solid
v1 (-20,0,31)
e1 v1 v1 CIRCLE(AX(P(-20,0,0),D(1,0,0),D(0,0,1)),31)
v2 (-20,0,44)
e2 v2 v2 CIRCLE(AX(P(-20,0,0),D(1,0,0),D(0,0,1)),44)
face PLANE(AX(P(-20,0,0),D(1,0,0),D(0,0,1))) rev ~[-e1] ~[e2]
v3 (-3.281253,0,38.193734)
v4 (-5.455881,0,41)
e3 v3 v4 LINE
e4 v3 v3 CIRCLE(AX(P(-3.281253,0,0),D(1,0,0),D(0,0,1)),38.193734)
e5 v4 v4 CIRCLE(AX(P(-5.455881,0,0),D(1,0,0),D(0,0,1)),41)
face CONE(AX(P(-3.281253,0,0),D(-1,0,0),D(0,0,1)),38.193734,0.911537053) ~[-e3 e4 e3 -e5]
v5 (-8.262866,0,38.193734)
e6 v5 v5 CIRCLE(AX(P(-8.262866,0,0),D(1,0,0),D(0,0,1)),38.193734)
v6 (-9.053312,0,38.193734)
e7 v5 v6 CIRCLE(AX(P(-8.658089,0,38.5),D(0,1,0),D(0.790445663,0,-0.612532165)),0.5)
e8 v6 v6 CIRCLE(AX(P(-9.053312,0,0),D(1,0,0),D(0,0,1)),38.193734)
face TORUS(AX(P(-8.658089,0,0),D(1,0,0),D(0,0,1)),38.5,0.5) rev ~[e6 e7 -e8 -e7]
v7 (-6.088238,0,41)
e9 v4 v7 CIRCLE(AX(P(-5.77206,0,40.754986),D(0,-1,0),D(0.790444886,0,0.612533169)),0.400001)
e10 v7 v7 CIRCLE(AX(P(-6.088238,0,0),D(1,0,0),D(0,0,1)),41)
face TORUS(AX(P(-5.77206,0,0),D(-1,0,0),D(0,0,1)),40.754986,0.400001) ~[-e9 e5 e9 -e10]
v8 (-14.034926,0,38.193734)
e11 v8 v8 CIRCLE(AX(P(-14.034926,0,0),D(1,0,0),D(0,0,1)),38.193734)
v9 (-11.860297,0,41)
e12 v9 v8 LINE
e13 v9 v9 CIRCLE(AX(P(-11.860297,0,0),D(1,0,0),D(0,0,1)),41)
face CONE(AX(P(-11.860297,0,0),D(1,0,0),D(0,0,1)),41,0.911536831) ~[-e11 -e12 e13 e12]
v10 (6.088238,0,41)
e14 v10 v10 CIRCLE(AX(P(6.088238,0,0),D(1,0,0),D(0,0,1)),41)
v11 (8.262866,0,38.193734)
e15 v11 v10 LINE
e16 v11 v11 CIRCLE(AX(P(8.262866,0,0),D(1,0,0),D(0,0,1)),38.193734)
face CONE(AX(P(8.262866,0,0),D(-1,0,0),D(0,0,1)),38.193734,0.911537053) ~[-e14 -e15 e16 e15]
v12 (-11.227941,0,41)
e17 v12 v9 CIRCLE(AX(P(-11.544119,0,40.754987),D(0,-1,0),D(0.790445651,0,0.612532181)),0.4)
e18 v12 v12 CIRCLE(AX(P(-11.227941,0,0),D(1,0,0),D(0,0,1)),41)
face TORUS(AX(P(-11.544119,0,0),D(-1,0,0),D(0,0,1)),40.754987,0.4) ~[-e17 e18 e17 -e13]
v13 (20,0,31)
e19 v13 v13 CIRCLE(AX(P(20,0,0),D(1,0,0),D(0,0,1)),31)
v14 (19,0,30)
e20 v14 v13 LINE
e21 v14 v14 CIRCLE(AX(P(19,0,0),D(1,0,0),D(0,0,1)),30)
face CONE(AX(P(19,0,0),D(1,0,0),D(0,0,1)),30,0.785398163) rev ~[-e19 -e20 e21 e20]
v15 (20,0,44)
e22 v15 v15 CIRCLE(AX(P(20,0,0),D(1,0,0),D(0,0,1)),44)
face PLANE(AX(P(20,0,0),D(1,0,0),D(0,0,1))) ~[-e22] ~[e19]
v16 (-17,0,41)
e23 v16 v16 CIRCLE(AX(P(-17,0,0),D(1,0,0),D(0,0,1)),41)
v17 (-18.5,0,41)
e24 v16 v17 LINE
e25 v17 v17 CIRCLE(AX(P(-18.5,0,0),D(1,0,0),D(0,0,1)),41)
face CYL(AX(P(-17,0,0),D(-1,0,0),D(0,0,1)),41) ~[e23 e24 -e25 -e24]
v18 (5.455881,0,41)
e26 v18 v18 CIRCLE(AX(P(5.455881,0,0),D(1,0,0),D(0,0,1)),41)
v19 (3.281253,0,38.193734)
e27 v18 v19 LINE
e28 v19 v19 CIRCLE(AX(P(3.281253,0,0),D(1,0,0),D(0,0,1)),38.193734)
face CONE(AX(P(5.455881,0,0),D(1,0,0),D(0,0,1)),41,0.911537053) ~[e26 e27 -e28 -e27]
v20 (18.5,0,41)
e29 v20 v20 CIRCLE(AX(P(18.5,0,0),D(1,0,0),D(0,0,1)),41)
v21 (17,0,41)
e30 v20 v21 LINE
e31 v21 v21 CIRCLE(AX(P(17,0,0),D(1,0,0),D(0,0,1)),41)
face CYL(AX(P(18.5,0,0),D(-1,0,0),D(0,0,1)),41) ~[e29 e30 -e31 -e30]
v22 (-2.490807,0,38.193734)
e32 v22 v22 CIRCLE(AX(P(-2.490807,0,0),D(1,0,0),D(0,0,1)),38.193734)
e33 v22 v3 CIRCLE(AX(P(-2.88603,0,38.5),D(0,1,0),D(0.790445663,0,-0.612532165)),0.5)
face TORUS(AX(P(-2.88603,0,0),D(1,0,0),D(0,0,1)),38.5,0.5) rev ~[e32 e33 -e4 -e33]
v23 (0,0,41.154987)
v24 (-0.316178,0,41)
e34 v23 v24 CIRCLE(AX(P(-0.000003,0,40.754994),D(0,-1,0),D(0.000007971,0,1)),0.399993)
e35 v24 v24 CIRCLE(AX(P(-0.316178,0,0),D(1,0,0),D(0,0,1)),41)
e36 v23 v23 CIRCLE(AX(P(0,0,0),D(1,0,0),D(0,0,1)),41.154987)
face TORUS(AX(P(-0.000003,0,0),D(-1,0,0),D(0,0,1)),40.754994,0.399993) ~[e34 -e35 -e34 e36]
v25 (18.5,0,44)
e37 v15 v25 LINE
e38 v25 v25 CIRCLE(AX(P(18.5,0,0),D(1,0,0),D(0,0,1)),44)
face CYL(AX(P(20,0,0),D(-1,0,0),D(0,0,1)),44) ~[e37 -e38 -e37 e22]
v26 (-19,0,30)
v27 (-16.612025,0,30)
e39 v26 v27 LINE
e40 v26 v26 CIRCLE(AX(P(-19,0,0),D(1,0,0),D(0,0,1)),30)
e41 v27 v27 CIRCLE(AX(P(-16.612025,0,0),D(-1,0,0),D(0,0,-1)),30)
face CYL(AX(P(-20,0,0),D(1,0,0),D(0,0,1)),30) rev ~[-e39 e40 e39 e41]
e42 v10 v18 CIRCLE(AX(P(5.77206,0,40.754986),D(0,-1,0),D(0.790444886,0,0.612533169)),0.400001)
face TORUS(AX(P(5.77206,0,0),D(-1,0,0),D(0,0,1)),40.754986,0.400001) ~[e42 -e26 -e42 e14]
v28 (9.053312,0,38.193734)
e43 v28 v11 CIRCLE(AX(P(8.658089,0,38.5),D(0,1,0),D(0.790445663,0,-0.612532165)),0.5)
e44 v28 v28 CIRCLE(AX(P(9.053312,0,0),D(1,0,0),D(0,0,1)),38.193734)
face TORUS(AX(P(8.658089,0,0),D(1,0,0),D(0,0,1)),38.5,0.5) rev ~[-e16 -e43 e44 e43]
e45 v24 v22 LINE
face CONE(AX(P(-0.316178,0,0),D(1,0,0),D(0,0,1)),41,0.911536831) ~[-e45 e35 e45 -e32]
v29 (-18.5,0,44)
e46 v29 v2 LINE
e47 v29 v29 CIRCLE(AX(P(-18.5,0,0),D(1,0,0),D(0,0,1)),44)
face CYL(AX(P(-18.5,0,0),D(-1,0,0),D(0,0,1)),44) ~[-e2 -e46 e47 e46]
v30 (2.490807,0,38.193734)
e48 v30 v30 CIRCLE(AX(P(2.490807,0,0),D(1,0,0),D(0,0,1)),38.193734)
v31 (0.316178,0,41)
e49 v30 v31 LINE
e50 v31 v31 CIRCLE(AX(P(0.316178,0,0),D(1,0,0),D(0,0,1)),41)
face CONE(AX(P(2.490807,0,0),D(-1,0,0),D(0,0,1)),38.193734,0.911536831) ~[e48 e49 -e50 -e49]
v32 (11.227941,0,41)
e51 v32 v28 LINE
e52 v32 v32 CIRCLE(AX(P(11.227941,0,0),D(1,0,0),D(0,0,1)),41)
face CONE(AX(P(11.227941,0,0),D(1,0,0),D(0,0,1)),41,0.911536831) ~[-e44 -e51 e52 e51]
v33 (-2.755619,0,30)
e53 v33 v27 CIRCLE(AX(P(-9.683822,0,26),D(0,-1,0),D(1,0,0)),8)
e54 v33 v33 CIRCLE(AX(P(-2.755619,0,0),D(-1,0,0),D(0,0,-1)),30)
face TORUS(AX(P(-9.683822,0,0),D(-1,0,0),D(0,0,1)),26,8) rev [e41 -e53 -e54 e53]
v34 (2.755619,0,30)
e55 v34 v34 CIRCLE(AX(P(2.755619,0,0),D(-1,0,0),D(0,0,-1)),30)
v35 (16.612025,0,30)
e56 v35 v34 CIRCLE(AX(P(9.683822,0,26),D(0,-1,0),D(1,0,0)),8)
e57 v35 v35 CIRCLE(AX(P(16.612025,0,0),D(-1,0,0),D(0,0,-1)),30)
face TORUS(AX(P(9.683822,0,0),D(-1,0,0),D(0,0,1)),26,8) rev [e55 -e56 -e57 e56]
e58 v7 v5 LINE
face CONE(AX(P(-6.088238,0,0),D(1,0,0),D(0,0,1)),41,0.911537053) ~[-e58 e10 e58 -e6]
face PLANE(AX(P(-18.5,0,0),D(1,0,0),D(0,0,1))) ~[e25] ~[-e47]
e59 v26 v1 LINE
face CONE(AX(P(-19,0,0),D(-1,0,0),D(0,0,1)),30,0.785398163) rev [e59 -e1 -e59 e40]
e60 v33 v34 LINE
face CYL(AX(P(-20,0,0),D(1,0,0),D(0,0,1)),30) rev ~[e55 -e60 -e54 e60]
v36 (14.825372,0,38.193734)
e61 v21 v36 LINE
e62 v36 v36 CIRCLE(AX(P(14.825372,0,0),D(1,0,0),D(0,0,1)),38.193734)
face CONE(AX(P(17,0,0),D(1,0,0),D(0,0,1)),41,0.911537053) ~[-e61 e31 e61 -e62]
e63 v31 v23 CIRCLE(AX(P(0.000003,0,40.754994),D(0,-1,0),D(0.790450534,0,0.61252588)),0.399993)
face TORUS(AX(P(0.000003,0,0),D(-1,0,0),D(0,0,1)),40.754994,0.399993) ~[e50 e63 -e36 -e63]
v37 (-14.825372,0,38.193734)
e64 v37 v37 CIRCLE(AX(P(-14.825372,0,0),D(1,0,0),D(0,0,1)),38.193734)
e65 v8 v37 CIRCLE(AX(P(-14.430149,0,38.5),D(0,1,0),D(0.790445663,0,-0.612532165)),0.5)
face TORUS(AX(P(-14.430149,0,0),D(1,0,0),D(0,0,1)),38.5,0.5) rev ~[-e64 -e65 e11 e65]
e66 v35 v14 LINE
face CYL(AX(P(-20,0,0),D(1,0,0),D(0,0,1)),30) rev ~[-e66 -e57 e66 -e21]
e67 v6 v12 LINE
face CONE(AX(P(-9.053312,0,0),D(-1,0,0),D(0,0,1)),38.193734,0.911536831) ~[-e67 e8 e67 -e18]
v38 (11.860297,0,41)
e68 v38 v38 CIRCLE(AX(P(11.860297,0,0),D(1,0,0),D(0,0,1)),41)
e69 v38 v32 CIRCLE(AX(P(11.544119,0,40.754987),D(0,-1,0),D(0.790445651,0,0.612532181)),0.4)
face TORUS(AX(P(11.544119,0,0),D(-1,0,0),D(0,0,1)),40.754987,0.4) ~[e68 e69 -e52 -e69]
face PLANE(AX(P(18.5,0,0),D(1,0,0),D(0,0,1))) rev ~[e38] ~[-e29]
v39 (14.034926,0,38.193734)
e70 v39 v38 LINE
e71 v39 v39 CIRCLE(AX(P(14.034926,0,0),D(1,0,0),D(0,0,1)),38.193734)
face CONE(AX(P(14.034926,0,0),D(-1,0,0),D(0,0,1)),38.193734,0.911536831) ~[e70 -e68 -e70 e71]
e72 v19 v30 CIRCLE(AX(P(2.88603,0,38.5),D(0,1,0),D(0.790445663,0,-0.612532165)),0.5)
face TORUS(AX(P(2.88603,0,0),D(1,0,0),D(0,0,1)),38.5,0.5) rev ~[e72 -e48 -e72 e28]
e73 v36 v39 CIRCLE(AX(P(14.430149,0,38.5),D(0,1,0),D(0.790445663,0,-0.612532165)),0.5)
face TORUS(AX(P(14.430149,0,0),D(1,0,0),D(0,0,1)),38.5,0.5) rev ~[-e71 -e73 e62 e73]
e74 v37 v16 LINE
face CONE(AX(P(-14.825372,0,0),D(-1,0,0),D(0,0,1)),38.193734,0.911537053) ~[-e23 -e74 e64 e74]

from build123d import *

# Parameters (mm, degrees)
F2_R    = 8
F4_SIZE = 1


with BuildPart() as f1:
    # F0 (on Front) → F1 (revolve)
    with BuildSketch(Plane.XZ):
        with BuildLine():
            Line((-20, 30), (0, 30))
            Line((0, 30), (20, 30))
            Line((20, 30), (20, 44))
            Line((20, 44), (18.5, 44))
            Line((18.5, 44), (18.5, 41))
            Line((18.5, 41), (17, 41))
            Line((17, 41), (14.825372, 38.193734))
            ThreePointArc((14.825372, 38.193734), (14.430149, 38), (14.034926, 38.193734))
            Line((14.034926, 38.193734), (11.860297, 41))
            ThreePointArc((11.860297, 41), (11.544119, 41.154987), (11.227941, 41))
            Line((11.227941, 41), (9.053312, 38.193734))
            ThreePointArc((9.053312, 38.193734), (8.658089, 38), (8.262866, 38.193734))
            Line((8.262866, 38.193734), (6.088238, 41))
            ThreePointArc((6.088238, 41), (5.772059, 41.154987), (5.455881, 41))
            Line((5.455881, 41), (3.281253, 38.193734))
            ThreePointArc((3.281253, 38.193734), (2.88603, 38), (2.490807, 38.193734))
            Line((2.490807, 38.193734), (0.316178, 41))
            ThreePointArc((0.316178, 41), (0.176061, 41.114157), (0, 41.154987))
            ThreePointArc((0, 41.154987), (-0.176061, 41.114157), (-0.316178, 41))
            Line((-0.316178, 41), (-2.490807, 38.193734))
            ThreePointArc((-2.490807, 38.193734), (-2.88603, 38), (-3.281253, 38.193734))
            Line((-3.281253, 38.193734), (-5.455881, 41))
            ThreePointArc((-5.455881, 41), (-5.772059, 41.154987), (-6.088238, 41))
            Line((-6.088238, 41), (-8.262866, 38.193734))
            ThreePointArc((-8.262866, 38.193734), (-8.658089, 38), (-9.053312, 38.193734))
            Line((-9.053312, 38.193734), (-11.227941, 41))
            ThreePointArc((-11.227941, 41), (-11.544119, 41.154987), (-11.860297, 41))
            Line((-11.860297, 41), (-14.034926, 38.193734))
            ThreePointArc((-14.034926, 38.193734), (-14.430149, 38), (-14.825372, 38.193734))
            Line((-14.825372, 38.193734), (-17, 41))
            Line((-17, 41), (-18.5, 41))
            Line((-18.5, 41), (-18.5, 44))
            Line((-18.5, 44), (-20, 44))
            Line((-20, 44), (-20, 30))
        make_face()
    revolve(axis=Axis((0, 0, 0), (1, 0, 0)))

    # F2 (on Front) → F3 (revolve, cut)
    with BuildSketch(Plane.XZ):
        with Locations((-9.683822, 26)):
            Circle(F2_R)
        with Locations((9.683822, 26)):
            Circle(F2_R)
    revolve(axis=Axis((0, 0, 0), (1, 0, 0)), mode=Mode.SUBTRACT)

    # F4
    f4_edges = [f1.edges().sort_by_distance(p)[0] for p in [
        (20, 0, -30),
        (-20, 0, -30),
    ]]
    chamfer(f4_edges, length=F4_SIZE)


solid = f1.part
